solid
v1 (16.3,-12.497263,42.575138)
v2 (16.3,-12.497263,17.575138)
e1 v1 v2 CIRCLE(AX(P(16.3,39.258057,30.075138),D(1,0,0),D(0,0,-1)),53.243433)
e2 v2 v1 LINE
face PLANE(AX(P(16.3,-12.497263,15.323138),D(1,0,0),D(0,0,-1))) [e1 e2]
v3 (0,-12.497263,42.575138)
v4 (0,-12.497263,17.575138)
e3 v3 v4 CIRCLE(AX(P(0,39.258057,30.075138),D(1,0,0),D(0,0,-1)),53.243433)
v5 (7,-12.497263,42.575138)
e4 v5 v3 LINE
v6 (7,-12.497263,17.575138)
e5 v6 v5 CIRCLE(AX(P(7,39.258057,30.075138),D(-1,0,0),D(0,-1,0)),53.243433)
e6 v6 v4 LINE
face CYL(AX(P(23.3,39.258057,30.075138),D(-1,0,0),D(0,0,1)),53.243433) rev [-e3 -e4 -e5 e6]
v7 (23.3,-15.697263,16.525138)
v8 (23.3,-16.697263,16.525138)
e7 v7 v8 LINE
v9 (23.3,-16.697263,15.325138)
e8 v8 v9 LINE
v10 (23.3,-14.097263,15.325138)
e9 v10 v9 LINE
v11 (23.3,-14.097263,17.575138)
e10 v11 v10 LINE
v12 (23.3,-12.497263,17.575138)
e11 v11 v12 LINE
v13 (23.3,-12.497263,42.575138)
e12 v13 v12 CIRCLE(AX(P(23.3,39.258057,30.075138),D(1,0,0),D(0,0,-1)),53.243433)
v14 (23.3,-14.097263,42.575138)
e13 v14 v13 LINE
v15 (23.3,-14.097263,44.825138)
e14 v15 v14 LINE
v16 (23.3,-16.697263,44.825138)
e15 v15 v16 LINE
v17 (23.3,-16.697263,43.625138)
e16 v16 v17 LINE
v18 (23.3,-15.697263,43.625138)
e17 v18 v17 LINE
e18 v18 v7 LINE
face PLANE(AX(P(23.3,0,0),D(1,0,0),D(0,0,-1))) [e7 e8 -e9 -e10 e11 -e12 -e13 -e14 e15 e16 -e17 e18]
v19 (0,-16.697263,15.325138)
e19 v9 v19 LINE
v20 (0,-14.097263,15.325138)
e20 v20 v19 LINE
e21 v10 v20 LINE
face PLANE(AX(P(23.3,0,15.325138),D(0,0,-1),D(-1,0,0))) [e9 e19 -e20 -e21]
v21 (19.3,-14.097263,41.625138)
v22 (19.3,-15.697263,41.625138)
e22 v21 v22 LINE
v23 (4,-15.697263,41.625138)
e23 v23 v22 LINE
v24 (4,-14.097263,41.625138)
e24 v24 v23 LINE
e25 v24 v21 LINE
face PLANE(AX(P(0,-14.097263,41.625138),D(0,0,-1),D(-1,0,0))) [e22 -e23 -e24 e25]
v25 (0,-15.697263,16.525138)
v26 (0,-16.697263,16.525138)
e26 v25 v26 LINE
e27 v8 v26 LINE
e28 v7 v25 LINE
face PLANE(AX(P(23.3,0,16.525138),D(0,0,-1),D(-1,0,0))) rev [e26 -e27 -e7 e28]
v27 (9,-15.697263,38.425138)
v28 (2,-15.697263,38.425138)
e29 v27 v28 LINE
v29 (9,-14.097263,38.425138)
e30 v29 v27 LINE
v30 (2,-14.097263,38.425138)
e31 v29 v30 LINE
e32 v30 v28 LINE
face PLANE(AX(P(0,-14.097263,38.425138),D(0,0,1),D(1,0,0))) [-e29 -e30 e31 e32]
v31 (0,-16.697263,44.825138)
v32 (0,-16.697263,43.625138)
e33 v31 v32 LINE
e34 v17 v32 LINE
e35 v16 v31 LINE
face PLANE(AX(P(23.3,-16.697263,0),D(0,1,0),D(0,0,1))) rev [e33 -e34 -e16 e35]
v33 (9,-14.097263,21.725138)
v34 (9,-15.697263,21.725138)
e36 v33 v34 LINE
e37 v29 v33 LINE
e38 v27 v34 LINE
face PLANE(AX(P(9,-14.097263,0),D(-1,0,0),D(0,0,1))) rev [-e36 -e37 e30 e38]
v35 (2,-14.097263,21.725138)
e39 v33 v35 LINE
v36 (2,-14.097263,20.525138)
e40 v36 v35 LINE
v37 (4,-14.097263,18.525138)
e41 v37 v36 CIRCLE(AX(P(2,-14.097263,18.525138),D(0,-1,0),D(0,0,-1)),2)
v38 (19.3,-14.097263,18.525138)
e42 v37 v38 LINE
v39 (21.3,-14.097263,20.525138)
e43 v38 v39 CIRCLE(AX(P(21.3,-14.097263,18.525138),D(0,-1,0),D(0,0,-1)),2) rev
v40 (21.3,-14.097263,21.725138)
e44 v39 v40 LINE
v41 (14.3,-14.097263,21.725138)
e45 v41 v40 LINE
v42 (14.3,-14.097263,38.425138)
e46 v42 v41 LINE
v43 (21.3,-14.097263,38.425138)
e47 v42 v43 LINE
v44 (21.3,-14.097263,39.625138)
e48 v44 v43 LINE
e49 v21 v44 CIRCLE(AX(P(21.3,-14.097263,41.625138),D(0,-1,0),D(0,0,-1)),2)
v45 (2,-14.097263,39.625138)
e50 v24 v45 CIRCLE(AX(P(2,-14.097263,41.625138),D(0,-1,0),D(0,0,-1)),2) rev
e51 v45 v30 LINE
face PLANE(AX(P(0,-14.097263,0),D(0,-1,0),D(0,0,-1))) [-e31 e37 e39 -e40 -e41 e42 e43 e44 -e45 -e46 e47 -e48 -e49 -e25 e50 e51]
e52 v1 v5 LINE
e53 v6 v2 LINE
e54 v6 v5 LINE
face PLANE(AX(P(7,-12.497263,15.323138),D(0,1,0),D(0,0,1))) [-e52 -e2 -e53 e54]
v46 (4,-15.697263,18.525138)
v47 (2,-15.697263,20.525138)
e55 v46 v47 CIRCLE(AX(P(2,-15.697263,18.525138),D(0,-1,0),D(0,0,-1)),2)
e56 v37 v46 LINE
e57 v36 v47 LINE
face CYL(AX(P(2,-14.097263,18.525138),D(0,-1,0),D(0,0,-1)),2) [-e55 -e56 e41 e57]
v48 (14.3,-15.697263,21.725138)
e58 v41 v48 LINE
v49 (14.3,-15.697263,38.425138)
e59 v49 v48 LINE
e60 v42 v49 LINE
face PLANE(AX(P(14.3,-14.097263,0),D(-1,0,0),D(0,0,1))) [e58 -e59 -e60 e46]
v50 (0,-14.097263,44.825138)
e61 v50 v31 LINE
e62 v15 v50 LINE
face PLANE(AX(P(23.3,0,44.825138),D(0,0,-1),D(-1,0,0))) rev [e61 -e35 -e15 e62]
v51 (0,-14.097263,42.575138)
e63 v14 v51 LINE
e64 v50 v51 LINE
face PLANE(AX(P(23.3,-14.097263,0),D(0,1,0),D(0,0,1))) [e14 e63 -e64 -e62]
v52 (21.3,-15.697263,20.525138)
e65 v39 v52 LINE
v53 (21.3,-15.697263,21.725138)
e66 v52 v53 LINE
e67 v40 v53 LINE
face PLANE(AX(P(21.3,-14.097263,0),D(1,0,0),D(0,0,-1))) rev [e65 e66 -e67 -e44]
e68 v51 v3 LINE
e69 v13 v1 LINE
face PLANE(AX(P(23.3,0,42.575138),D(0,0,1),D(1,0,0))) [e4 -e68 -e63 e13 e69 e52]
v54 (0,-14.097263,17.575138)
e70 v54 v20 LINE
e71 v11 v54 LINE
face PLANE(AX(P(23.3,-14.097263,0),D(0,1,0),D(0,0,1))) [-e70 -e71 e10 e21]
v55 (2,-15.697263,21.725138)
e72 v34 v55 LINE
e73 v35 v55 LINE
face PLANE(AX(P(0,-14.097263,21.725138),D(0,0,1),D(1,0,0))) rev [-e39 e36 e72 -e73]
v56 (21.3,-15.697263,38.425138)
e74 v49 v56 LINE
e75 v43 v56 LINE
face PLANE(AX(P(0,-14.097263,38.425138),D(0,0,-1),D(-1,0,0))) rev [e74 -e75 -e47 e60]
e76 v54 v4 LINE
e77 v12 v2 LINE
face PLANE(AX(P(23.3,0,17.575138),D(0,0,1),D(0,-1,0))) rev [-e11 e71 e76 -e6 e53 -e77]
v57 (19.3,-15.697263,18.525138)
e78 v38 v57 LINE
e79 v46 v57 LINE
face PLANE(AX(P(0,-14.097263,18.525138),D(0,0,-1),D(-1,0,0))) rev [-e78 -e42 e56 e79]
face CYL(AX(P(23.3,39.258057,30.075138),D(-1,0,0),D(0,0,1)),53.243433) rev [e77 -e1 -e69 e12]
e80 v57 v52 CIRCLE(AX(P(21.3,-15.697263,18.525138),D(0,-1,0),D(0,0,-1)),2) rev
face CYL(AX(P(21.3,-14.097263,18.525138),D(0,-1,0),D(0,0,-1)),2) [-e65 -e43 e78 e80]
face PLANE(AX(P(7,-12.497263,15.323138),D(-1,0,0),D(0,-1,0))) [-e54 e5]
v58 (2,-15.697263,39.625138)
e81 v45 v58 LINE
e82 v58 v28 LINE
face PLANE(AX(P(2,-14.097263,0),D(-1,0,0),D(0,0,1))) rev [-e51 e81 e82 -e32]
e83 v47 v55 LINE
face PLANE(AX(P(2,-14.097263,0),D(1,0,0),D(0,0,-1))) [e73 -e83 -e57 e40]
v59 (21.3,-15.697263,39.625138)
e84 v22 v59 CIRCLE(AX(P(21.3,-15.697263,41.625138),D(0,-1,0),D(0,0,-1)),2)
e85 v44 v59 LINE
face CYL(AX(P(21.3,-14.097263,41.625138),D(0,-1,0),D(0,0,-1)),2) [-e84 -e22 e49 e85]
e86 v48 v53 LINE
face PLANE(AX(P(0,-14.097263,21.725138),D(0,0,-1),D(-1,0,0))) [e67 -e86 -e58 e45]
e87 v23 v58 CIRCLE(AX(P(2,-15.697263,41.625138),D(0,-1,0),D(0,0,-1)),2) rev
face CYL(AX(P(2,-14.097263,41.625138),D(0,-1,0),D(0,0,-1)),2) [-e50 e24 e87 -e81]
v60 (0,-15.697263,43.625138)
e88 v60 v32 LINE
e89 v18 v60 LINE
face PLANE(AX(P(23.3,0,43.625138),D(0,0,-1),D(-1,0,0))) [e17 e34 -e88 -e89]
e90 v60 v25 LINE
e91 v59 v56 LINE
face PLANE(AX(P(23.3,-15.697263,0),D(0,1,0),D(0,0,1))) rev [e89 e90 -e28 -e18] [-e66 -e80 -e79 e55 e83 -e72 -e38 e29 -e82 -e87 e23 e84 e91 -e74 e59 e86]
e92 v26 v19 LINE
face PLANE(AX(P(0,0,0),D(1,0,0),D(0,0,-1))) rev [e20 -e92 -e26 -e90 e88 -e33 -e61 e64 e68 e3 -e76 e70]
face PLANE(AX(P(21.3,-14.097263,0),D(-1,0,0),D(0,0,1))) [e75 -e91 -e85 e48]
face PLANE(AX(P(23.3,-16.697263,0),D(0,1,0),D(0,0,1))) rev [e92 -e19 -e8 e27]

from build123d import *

# Parameters (mm, degrees)
BOSS_EXTRUDE1_DEPTH = 23.3
BOSS_EXTRUDE2_REACH = 41.551
SKETCH2_W           = 9.3
SKETCH2_H           = 1.6
CUT_EXTRUDE2_DEPTH  = 1.6


with BuildPart() as part:
    # Sketch1 → Boss-Extrude1 (new body)
    with BuildSketch(Plane(origin=(0, 0, 0), x_dir=(0, 0, -1), z_dir=(1, 0, 0))):
        with BuildLine():
            Line((-43.625137797, -16.697262805), (-43.625137797, -15.697262805))
            Line((-43.625137797, -15.697262805), (-16.525137797, -15.697262805))
            Line((-16.525137797, -15.697262805), (-16.525137797, -16.697262805))
            Line((-16.525137797, -16.697262805), (-15.325137797, -16.697262805))
            Line((-15.325137797, -16.697262805), (-15.325137797, -14.097262805))
            Line((-15.325137797, -14.097262805), (-17.575137797, -14.097262805))
            Line((-17.575137797, -14.097262805), (-17.575137797, -12.497262805))
            ThreePointArc((-17.575137797, -12.497262805), (-30.075137797, -13.985375722), (-42.575137797, -12.497262805))
            Line((-42.575137797, -12.497262805), (-42.575137797, -14.097262805))
            Line((-42.575137797, -14.097262805), (-44.825137797, -14.097262805))
            Line((-44.825137797, -14.097262805), (-44.825137797, -16.697262805))
            Line((-44.825137797, -16.697262805), (-43.625137797, -16.697262805))
        make_face()
    extrude(amount=BOSS_EXTRUDE1_DEPTH)

    # Sketch2 → Boss-Extrude2 (add, up to next)
    with BuildSketch(Plane.XY.offset(42.575137797), mode=Mode.PRIVATE) as boss_extrude2_sk1:
        with Locations((11.65, -13.297262805)):
            Rectangle(SKETCH2_W, SKETCH2_H)
    boss_extrude2_tool1 = extrude(boss_extrude2_sk1.sketch, amount=-BOSS_EXTRUDE2_REACH, mode=Mode.PRIVATE) - part.part
    add(boss_extrude2_tool1.solids().sort_by_distance((11.65, -13.297263, 42.575138))[0])

    # Sketch3 → Cut-Extrude2 (cut)
    with BuildSketch(Plane.XZ.offset(15.697262805)):
        with BuildLine():
            ThreePointArc((21.3, 39.625137797), (19.885786438, 40.210924235), (19.3, 41.625137797))
            Line((19.3, 41.625137797), (4, 41.625137797))
            ThreePointArc((4, 41.625137797), (3.414213562, 40.210924235), (2, 39.625137797))
            Line((2, 39.625137797), (2, 38.425137797))
            Line((2, 38.425137797), (9, 38.425137797))
            Line((9, 38.425137797), (9, 21.725137797))
            Line((9, 21.725137797), (2, 21.725137797))
            Line((2, 21.725137797), (2, 20.525137797))
            ThreePointArc((2, 20.525137797), (3.414213562, 19.939351359), (4, 18.525137797))
            Line((4, 18.525137797), (19.3, 18.525137797))
            ThreePointArc((19.3, 18.525137797), (19.885786438, 19.939351359), (21.3, 20.525137797))
            Line((21.3, 20.525137797), (21.3, 21.725137797))
            Line((21.3, 21.725137797), (14.3, 21.725137797))
            Line((14.3, 21.725137797), (14.3, 38.425137797))
            Line((14.3, 38.425137797), (21.3, 38.425137797))
            Line((21.3, 38.425137797), (21.3, 39.625137797))
        make_face()
    extrude(amount=-CUT_EXTRUDE2_DEPTH, mode=Mode.SUBTRACT)


solid = part.part
